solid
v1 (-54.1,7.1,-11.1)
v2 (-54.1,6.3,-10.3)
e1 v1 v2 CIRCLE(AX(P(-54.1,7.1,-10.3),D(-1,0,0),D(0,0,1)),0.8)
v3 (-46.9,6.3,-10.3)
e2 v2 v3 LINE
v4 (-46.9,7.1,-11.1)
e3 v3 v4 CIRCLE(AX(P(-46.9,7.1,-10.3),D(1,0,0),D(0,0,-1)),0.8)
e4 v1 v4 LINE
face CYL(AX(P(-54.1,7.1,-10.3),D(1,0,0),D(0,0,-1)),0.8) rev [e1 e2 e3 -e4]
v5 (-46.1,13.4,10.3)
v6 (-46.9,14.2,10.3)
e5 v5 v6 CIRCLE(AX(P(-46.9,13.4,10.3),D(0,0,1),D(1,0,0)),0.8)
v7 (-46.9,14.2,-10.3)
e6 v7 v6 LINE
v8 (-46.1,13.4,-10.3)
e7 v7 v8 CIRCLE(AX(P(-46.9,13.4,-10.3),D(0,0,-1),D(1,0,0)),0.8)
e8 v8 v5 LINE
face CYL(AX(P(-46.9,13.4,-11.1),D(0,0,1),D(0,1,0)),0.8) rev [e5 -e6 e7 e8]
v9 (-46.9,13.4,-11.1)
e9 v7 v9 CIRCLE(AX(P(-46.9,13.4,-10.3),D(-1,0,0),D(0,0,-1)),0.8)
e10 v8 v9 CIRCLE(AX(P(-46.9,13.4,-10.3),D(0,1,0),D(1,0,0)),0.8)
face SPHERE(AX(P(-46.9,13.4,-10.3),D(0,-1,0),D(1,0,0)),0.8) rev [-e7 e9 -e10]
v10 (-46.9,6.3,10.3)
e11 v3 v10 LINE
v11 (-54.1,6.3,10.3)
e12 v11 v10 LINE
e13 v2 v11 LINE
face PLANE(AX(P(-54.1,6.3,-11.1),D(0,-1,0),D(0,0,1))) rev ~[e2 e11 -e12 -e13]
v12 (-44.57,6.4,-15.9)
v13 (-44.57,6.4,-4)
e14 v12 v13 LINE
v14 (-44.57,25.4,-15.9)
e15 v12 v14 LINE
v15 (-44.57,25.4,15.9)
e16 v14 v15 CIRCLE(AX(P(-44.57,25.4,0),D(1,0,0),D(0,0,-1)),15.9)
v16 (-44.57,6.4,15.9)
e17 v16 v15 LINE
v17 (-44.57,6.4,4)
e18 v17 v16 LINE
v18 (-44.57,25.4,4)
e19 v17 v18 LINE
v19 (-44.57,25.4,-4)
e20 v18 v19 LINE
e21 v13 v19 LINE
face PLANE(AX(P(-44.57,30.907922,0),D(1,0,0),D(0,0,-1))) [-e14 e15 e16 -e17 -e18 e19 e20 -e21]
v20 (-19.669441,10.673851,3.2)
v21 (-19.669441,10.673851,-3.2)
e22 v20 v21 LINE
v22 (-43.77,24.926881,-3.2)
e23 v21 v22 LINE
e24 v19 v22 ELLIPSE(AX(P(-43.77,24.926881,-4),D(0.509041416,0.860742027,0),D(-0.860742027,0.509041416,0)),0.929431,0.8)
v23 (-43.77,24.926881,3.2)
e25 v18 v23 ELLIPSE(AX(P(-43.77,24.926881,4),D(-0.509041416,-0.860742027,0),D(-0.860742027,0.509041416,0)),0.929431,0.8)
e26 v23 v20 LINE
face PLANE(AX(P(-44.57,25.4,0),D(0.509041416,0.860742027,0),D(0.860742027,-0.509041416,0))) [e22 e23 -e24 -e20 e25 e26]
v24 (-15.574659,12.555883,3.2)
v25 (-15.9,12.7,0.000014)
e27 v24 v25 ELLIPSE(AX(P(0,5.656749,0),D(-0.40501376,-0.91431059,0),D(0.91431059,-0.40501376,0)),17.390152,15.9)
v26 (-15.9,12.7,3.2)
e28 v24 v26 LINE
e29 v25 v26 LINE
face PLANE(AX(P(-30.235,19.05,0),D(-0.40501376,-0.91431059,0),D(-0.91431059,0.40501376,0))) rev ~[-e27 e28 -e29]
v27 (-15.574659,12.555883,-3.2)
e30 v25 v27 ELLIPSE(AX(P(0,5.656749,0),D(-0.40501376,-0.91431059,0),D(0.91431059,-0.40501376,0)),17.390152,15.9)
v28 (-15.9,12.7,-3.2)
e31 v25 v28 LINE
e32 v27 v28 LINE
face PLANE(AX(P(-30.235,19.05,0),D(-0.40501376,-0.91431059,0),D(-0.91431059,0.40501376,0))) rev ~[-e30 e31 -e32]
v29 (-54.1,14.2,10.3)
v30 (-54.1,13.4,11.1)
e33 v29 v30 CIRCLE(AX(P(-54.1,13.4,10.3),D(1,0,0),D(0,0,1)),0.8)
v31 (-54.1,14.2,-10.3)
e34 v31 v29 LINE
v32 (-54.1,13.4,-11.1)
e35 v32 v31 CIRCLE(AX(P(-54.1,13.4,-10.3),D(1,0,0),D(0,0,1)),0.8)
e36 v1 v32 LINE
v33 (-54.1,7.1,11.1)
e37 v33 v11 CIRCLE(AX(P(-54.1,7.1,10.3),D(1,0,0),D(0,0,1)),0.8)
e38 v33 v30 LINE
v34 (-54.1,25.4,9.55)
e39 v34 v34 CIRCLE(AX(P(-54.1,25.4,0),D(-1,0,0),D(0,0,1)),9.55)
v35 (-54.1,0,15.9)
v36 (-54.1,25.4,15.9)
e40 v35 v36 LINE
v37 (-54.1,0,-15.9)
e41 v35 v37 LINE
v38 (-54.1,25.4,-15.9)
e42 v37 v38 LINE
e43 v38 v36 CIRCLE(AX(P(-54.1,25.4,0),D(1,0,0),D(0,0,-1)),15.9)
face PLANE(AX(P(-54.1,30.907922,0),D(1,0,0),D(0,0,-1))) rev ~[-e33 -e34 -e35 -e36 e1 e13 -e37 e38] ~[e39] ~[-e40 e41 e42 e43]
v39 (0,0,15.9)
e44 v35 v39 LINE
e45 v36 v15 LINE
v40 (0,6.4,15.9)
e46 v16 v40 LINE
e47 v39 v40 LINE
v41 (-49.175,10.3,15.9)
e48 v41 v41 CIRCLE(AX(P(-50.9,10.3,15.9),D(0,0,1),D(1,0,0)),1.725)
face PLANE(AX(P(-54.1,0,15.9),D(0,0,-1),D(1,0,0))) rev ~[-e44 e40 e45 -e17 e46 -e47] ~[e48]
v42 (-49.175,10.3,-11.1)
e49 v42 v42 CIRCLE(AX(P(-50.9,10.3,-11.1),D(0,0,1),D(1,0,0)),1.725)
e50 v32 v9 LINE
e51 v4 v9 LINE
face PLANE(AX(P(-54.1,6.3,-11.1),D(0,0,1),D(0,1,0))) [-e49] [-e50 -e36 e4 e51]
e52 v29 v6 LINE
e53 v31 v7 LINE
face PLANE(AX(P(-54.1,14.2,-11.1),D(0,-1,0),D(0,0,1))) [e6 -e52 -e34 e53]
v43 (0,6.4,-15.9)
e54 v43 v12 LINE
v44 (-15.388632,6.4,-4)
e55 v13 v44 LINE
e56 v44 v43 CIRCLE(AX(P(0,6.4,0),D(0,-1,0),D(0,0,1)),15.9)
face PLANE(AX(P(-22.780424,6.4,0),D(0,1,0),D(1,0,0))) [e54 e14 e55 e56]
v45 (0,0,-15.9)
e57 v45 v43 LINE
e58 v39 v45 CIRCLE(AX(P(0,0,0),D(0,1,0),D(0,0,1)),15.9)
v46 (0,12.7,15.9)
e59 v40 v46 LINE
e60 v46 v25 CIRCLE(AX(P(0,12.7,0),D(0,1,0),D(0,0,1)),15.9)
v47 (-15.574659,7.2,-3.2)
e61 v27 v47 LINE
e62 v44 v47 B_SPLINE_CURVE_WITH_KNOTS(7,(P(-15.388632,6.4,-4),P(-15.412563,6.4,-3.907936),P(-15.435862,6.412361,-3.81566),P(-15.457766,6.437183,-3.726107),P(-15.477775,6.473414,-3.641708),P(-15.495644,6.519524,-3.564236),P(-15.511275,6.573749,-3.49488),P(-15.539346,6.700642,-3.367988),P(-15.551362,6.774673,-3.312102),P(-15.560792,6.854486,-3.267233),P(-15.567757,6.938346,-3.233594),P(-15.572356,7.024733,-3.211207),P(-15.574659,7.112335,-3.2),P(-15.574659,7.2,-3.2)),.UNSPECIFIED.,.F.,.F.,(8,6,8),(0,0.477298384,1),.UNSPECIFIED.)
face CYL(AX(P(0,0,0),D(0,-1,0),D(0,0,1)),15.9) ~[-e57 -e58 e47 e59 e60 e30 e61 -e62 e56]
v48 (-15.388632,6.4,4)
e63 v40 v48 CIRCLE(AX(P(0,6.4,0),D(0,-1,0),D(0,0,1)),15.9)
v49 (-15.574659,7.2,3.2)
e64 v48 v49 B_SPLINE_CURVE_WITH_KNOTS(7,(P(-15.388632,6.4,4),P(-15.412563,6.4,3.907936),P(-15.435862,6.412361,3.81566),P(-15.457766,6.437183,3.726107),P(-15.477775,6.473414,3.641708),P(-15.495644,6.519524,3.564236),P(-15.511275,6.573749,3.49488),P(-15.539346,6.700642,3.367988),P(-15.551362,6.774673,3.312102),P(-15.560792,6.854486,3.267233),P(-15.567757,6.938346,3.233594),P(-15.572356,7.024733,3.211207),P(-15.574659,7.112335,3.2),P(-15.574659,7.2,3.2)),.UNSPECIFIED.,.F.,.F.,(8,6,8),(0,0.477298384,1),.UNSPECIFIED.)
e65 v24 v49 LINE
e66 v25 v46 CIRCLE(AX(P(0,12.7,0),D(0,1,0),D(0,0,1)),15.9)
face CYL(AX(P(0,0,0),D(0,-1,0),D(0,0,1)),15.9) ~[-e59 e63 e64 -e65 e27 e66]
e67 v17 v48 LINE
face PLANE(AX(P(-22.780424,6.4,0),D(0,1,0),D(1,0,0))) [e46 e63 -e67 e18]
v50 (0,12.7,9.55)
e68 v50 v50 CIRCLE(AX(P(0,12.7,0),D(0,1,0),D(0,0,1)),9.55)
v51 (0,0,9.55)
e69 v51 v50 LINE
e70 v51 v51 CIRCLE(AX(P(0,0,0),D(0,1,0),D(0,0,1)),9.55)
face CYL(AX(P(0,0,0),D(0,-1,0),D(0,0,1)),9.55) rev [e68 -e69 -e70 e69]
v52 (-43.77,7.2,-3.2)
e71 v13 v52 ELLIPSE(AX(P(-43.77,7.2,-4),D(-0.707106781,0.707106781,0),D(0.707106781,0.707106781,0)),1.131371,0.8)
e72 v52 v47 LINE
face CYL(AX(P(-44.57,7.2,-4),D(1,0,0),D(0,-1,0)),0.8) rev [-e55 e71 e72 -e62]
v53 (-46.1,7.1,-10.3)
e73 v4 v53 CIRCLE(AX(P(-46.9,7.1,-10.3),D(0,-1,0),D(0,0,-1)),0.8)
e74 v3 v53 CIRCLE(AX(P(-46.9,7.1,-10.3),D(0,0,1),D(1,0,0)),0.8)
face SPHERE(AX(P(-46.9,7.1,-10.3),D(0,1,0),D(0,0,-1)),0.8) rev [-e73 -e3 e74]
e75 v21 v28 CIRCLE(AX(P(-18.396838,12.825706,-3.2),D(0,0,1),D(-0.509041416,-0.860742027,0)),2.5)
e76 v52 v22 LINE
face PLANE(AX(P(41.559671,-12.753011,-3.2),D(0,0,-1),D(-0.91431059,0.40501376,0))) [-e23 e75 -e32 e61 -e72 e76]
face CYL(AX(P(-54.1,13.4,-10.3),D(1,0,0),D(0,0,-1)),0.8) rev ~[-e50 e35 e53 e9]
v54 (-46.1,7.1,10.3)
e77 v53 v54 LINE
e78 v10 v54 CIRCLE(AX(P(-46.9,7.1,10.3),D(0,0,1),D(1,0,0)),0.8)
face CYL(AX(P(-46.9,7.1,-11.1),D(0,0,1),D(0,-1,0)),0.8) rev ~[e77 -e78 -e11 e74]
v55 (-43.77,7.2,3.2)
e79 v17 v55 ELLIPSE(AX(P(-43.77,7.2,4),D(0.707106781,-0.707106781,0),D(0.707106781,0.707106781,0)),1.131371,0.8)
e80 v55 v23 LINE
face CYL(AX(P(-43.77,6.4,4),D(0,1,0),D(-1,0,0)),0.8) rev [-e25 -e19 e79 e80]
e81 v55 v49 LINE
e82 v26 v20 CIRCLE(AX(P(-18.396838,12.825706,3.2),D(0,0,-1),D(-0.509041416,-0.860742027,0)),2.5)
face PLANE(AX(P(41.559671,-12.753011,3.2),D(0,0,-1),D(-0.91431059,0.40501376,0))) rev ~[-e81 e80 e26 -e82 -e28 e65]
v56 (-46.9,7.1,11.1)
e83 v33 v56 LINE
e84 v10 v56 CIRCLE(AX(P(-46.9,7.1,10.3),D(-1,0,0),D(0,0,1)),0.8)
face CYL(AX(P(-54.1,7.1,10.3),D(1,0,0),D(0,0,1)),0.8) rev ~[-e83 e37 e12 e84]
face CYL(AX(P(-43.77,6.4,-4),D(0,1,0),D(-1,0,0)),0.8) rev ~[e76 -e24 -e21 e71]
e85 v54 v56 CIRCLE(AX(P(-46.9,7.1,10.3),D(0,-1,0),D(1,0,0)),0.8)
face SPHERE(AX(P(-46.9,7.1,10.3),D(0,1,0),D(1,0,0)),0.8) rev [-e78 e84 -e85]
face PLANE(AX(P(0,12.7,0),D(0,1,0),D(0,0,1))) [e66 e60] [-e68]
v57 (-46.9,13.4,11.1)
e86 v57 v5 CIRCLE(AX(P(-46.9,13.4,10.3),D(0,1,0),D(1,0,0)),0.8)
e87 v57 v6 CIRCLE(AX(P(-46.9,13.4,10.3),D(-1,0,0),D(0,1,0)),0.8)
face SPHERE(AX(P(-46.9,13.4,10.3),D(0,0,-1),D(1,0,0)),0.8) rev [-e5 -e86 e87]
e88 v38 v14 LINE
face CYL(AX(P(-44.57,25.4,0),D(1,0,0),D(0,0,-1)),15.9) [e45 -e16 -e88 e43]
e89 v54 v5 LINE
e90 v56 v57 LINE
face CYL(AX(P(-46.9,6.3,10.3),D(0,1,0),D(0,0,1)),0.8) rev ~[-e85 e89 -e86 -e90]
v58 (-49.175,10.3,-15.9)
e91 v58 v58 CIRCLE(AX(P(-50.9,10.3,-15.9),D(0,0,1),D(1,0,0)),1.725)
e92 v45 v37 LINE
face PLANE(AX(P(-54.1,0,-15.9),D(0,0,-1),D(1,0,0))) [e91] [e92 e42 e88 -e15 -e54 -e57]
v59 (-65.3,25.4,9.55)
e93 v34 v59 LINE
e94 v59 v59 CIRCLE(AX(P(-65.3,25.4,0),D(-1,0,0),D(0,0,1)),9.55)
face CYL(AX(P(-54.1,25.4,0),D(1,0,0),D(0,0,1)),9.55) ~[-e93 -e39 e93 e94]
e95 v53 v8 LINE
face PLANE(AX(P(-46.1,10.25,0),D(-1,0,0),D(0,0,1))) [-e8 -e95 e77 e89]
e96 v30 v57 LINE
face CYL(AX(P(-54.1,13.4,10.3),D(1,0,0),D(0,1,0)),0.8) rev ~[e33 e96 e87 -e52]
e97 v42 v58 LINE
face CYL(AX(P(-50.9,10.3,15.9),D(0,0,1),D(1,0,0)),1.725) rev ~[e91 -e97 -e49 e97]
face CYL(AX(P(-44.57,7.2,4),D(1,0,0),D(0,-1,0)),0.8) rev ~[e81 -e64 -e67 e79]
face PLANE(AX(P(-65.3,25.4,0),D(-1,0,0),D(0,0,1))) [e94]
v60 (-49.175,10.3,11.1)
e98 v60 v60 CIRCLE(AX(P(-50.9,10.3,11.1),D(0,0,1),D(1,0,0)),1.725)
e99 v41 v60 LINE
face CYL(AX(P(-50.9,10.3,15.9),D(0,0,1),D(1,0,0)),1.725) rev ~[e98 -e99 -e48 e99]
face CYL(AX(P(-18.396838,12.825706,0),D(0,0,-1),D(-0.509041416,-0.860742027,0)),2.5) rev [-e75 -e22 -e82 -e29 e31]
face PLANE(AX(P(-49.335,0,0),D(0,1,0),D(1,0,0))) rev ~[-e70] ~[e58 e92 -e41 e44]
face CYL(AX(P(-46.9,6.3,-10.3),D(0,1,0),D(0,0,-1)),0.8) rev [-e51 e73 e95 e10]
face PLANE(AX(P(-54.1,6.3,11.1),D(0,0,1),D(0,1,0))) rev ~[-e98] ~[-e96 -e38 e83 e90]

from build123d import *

# Parameters (mm, degrees)
BOSS_EXTRUDE1_DEPTH     = 6.4
SKETCH1_3_R             = 15.9
SKETCH1_3_R_2           = 9.55
BOSS_EXTRUDE2_DEPTH     = 12.7
SKETCH1_4_W             = 9.53
SKETCH1_4_H             = 31.8
BOSS_EXTRUDE3_DEPTH     = 25.4
RIB1_REACH              = 63.845
SKETCH6_WALL_W          = 157.046570884
SKETCH6_WALL_H          = 6.4
CUT_EXTRUDE1_DEPTH      = 62.844805764
CUT_EXTRUDE1_DEPTH_BACK = 62.844805764
BOSS_EXTRUDE10_DEPTH    = 9.53
SKETCH9_R               = 9.55
BOSS_EXTRUDE11_DEPTH    = 11.2
SKETCH10_W              = 22.2
SKETCH10_H              = 7.9
CUT_EXTRUDE2_DEPTH      = 8
SKETCH11_R              = 1.725
CUT_EXTRUDE3_DEPTH      = 84.552498467
FILLET1_R               = 0.8


with BuildPart() as part:
    # Sketch1 → Boss-Extrude1 (new body)
    with BuildSketch(Plane(origin=(0, 0, 0), x_dir=(1, 0, 0), z_dir=(0, 1, 0))):
        with BuildLine():
            ThreePointArc((0, -15.9), (-15.9, 0), (0, 15.9))
            Line((0, 15.9), (-44.57, 15.9))
            Line((-44.57, 15.9), (-44.57, -15.9))
            Line((-44.57, -15.9), (0, -15.9))
        make_face()
    extrude(amount=BOSS_EXTRUDE1_DEPTH)

    # Sketch1<3> → Boss-Extrude2 (add)
    with BuildSketch(Plane(origin=(0, 0, 0), x_dir=(1, 0, 0), z_dir=(0, 1, 0))):
        with Locations(Location((0, 0, 0), (0, 0, 270))):
            Circle(SKETCH1_3_R)
        with Locations(Location((0, 0, 0), (0, 0, 270))):
            Circle(SKETCH1_3_R_2, mode=Mode.SUBTRACT)
    extrude(amount=BOSS_EXTRUDE2_DEPTH)

    # Sketch1<4> → Boss-Extrude3 (add)
    with BuildSketch(Plane(origin=(0, 0, 0), x_dir=(1, 0, 0), z_dir=(0, 1, 0))):
        with Locations((-49.335, 0)):
            Rectangle(SKETCH1_4_W, SKETCH1_4_H)
    extrude(amount=BOSS_EXTRUDE3_DEPTH)

    # Sketch6 wall → Rib1 (add, up to next)
    with BuildSketch(Plane(origin=(-30.235, 19.05, 0), x_dir=(-0.914310589726, 0.405013759662, 0), z_dir=(-0.405013759662, -0.914310589726, 0)), mode=Mode.PRIVATE) as rib1_sk1:
        Rectangle(SKETCH6_WALL_W, SKETCH6_WALL_H)
    rib1_tool1 = extrude(rib1_sk1.sketch, amount=RIB1_REACH, mode=Mode.PRIVATE) - part.part
    add(rib1_tool1.solids().sort_by_distance((-30.235, 19.05, 0))[0])

    # Sketch7 → Cut-Extrude1 (cut, two sides)
    with BuildSketch(Plane.XY) as cut_extrude1_sk:
        with BuildLine():
            Line((-44.57, 25.4), (-19.669441159, 10.673850552))
            ThreePointArc((-19.669441159, 10.673850552), (-17.213195922, 10.623662856), (-15.9, 12.7))
            Line((-15.9, 12.7), (-44.57, 25.4))
        make_face()
    extrude(amount=CUT_EXTRUDE1_DEPTH, mode=Mode.SUBTRACT)
    extrude(cut_extrude1_sk.sketch, amount=-CUT_EXTRUDE1_DEPTH_BACK, mode=Mode.SUBTRACT)

    # Sketch8 → Boss-Extrude10 (add)
    with BuildSketch(Plane(origin=(-44.57, 0, 0), x_dir=(0, 0, -1), z_dir=(1, 0, 0))):
        with BuildLine():
            Line((-15.9, 25.4), (15.9, 25.4))
            ThreePointArc((15.9, 25.4), (0, 41.3), (-15.9, 25.4))
        make_face()
    extrude(amount=-BOSS_EXTRUDE10_DEPTH)

    # Sketch9 → Boss-Extrude11 (add)
    with BuildSketch(Plane.ZY.offset(54.1)):
        with Locations((0, 25.4)):
            Circle(SKETCH9_R)
    extrude(amount=BOSS_EXTRUDE11_DEPTH)

    # Sketch10 → Cut-Extrude2 (cut)
    with BuildSketch(Plane.ZY.offset(54.1)):
        with Locations((0, 10.25)):
            Rectangle(SKETCH10_W, SKETCH10_H)
    extrude(amount=-CUT_EXTRUDE2_DEPTH, mode=Mode.SUBTRACT)

    # Sketch11 → Cut-Extrude3 (cut, through all)
    with BuildSketch(Plane.XY.offset(15.9)):
        with Locations((-50.9, 10.3)):
            Circle(SKETCH11_R)
    extrude(amount=-CUT_EXTRUDE3_DEPTH, mode=Mode.SUBTRACT)

    # Fillet1
    fillet1_edges = [part.edges().sort_by_distance(p)[0] for p in [
        (-46.1, 10.25, -11.1),
        (-50.1, 6.3, -11.1),
        (-46.1, 14.2, 0),
        (-50.1, 14.2, -11.1),
        (-46.1, 10.25, 11.1),
        (-50.1, 14.2, 11.1),
        (-46.1, 6.3, 0),
        (-50.1, 6.3, 11.1),
        (-44.57, 15.9, 3.2),
        (-30.072329452, 6.4, 3.2),
        (-44.57, 15.9, -3.2),
        (-30.072329452, 6.4, -3.2),
    ]]
    fillet(fillet1_edges, radius=FILLET1_R)


solid = part.part
